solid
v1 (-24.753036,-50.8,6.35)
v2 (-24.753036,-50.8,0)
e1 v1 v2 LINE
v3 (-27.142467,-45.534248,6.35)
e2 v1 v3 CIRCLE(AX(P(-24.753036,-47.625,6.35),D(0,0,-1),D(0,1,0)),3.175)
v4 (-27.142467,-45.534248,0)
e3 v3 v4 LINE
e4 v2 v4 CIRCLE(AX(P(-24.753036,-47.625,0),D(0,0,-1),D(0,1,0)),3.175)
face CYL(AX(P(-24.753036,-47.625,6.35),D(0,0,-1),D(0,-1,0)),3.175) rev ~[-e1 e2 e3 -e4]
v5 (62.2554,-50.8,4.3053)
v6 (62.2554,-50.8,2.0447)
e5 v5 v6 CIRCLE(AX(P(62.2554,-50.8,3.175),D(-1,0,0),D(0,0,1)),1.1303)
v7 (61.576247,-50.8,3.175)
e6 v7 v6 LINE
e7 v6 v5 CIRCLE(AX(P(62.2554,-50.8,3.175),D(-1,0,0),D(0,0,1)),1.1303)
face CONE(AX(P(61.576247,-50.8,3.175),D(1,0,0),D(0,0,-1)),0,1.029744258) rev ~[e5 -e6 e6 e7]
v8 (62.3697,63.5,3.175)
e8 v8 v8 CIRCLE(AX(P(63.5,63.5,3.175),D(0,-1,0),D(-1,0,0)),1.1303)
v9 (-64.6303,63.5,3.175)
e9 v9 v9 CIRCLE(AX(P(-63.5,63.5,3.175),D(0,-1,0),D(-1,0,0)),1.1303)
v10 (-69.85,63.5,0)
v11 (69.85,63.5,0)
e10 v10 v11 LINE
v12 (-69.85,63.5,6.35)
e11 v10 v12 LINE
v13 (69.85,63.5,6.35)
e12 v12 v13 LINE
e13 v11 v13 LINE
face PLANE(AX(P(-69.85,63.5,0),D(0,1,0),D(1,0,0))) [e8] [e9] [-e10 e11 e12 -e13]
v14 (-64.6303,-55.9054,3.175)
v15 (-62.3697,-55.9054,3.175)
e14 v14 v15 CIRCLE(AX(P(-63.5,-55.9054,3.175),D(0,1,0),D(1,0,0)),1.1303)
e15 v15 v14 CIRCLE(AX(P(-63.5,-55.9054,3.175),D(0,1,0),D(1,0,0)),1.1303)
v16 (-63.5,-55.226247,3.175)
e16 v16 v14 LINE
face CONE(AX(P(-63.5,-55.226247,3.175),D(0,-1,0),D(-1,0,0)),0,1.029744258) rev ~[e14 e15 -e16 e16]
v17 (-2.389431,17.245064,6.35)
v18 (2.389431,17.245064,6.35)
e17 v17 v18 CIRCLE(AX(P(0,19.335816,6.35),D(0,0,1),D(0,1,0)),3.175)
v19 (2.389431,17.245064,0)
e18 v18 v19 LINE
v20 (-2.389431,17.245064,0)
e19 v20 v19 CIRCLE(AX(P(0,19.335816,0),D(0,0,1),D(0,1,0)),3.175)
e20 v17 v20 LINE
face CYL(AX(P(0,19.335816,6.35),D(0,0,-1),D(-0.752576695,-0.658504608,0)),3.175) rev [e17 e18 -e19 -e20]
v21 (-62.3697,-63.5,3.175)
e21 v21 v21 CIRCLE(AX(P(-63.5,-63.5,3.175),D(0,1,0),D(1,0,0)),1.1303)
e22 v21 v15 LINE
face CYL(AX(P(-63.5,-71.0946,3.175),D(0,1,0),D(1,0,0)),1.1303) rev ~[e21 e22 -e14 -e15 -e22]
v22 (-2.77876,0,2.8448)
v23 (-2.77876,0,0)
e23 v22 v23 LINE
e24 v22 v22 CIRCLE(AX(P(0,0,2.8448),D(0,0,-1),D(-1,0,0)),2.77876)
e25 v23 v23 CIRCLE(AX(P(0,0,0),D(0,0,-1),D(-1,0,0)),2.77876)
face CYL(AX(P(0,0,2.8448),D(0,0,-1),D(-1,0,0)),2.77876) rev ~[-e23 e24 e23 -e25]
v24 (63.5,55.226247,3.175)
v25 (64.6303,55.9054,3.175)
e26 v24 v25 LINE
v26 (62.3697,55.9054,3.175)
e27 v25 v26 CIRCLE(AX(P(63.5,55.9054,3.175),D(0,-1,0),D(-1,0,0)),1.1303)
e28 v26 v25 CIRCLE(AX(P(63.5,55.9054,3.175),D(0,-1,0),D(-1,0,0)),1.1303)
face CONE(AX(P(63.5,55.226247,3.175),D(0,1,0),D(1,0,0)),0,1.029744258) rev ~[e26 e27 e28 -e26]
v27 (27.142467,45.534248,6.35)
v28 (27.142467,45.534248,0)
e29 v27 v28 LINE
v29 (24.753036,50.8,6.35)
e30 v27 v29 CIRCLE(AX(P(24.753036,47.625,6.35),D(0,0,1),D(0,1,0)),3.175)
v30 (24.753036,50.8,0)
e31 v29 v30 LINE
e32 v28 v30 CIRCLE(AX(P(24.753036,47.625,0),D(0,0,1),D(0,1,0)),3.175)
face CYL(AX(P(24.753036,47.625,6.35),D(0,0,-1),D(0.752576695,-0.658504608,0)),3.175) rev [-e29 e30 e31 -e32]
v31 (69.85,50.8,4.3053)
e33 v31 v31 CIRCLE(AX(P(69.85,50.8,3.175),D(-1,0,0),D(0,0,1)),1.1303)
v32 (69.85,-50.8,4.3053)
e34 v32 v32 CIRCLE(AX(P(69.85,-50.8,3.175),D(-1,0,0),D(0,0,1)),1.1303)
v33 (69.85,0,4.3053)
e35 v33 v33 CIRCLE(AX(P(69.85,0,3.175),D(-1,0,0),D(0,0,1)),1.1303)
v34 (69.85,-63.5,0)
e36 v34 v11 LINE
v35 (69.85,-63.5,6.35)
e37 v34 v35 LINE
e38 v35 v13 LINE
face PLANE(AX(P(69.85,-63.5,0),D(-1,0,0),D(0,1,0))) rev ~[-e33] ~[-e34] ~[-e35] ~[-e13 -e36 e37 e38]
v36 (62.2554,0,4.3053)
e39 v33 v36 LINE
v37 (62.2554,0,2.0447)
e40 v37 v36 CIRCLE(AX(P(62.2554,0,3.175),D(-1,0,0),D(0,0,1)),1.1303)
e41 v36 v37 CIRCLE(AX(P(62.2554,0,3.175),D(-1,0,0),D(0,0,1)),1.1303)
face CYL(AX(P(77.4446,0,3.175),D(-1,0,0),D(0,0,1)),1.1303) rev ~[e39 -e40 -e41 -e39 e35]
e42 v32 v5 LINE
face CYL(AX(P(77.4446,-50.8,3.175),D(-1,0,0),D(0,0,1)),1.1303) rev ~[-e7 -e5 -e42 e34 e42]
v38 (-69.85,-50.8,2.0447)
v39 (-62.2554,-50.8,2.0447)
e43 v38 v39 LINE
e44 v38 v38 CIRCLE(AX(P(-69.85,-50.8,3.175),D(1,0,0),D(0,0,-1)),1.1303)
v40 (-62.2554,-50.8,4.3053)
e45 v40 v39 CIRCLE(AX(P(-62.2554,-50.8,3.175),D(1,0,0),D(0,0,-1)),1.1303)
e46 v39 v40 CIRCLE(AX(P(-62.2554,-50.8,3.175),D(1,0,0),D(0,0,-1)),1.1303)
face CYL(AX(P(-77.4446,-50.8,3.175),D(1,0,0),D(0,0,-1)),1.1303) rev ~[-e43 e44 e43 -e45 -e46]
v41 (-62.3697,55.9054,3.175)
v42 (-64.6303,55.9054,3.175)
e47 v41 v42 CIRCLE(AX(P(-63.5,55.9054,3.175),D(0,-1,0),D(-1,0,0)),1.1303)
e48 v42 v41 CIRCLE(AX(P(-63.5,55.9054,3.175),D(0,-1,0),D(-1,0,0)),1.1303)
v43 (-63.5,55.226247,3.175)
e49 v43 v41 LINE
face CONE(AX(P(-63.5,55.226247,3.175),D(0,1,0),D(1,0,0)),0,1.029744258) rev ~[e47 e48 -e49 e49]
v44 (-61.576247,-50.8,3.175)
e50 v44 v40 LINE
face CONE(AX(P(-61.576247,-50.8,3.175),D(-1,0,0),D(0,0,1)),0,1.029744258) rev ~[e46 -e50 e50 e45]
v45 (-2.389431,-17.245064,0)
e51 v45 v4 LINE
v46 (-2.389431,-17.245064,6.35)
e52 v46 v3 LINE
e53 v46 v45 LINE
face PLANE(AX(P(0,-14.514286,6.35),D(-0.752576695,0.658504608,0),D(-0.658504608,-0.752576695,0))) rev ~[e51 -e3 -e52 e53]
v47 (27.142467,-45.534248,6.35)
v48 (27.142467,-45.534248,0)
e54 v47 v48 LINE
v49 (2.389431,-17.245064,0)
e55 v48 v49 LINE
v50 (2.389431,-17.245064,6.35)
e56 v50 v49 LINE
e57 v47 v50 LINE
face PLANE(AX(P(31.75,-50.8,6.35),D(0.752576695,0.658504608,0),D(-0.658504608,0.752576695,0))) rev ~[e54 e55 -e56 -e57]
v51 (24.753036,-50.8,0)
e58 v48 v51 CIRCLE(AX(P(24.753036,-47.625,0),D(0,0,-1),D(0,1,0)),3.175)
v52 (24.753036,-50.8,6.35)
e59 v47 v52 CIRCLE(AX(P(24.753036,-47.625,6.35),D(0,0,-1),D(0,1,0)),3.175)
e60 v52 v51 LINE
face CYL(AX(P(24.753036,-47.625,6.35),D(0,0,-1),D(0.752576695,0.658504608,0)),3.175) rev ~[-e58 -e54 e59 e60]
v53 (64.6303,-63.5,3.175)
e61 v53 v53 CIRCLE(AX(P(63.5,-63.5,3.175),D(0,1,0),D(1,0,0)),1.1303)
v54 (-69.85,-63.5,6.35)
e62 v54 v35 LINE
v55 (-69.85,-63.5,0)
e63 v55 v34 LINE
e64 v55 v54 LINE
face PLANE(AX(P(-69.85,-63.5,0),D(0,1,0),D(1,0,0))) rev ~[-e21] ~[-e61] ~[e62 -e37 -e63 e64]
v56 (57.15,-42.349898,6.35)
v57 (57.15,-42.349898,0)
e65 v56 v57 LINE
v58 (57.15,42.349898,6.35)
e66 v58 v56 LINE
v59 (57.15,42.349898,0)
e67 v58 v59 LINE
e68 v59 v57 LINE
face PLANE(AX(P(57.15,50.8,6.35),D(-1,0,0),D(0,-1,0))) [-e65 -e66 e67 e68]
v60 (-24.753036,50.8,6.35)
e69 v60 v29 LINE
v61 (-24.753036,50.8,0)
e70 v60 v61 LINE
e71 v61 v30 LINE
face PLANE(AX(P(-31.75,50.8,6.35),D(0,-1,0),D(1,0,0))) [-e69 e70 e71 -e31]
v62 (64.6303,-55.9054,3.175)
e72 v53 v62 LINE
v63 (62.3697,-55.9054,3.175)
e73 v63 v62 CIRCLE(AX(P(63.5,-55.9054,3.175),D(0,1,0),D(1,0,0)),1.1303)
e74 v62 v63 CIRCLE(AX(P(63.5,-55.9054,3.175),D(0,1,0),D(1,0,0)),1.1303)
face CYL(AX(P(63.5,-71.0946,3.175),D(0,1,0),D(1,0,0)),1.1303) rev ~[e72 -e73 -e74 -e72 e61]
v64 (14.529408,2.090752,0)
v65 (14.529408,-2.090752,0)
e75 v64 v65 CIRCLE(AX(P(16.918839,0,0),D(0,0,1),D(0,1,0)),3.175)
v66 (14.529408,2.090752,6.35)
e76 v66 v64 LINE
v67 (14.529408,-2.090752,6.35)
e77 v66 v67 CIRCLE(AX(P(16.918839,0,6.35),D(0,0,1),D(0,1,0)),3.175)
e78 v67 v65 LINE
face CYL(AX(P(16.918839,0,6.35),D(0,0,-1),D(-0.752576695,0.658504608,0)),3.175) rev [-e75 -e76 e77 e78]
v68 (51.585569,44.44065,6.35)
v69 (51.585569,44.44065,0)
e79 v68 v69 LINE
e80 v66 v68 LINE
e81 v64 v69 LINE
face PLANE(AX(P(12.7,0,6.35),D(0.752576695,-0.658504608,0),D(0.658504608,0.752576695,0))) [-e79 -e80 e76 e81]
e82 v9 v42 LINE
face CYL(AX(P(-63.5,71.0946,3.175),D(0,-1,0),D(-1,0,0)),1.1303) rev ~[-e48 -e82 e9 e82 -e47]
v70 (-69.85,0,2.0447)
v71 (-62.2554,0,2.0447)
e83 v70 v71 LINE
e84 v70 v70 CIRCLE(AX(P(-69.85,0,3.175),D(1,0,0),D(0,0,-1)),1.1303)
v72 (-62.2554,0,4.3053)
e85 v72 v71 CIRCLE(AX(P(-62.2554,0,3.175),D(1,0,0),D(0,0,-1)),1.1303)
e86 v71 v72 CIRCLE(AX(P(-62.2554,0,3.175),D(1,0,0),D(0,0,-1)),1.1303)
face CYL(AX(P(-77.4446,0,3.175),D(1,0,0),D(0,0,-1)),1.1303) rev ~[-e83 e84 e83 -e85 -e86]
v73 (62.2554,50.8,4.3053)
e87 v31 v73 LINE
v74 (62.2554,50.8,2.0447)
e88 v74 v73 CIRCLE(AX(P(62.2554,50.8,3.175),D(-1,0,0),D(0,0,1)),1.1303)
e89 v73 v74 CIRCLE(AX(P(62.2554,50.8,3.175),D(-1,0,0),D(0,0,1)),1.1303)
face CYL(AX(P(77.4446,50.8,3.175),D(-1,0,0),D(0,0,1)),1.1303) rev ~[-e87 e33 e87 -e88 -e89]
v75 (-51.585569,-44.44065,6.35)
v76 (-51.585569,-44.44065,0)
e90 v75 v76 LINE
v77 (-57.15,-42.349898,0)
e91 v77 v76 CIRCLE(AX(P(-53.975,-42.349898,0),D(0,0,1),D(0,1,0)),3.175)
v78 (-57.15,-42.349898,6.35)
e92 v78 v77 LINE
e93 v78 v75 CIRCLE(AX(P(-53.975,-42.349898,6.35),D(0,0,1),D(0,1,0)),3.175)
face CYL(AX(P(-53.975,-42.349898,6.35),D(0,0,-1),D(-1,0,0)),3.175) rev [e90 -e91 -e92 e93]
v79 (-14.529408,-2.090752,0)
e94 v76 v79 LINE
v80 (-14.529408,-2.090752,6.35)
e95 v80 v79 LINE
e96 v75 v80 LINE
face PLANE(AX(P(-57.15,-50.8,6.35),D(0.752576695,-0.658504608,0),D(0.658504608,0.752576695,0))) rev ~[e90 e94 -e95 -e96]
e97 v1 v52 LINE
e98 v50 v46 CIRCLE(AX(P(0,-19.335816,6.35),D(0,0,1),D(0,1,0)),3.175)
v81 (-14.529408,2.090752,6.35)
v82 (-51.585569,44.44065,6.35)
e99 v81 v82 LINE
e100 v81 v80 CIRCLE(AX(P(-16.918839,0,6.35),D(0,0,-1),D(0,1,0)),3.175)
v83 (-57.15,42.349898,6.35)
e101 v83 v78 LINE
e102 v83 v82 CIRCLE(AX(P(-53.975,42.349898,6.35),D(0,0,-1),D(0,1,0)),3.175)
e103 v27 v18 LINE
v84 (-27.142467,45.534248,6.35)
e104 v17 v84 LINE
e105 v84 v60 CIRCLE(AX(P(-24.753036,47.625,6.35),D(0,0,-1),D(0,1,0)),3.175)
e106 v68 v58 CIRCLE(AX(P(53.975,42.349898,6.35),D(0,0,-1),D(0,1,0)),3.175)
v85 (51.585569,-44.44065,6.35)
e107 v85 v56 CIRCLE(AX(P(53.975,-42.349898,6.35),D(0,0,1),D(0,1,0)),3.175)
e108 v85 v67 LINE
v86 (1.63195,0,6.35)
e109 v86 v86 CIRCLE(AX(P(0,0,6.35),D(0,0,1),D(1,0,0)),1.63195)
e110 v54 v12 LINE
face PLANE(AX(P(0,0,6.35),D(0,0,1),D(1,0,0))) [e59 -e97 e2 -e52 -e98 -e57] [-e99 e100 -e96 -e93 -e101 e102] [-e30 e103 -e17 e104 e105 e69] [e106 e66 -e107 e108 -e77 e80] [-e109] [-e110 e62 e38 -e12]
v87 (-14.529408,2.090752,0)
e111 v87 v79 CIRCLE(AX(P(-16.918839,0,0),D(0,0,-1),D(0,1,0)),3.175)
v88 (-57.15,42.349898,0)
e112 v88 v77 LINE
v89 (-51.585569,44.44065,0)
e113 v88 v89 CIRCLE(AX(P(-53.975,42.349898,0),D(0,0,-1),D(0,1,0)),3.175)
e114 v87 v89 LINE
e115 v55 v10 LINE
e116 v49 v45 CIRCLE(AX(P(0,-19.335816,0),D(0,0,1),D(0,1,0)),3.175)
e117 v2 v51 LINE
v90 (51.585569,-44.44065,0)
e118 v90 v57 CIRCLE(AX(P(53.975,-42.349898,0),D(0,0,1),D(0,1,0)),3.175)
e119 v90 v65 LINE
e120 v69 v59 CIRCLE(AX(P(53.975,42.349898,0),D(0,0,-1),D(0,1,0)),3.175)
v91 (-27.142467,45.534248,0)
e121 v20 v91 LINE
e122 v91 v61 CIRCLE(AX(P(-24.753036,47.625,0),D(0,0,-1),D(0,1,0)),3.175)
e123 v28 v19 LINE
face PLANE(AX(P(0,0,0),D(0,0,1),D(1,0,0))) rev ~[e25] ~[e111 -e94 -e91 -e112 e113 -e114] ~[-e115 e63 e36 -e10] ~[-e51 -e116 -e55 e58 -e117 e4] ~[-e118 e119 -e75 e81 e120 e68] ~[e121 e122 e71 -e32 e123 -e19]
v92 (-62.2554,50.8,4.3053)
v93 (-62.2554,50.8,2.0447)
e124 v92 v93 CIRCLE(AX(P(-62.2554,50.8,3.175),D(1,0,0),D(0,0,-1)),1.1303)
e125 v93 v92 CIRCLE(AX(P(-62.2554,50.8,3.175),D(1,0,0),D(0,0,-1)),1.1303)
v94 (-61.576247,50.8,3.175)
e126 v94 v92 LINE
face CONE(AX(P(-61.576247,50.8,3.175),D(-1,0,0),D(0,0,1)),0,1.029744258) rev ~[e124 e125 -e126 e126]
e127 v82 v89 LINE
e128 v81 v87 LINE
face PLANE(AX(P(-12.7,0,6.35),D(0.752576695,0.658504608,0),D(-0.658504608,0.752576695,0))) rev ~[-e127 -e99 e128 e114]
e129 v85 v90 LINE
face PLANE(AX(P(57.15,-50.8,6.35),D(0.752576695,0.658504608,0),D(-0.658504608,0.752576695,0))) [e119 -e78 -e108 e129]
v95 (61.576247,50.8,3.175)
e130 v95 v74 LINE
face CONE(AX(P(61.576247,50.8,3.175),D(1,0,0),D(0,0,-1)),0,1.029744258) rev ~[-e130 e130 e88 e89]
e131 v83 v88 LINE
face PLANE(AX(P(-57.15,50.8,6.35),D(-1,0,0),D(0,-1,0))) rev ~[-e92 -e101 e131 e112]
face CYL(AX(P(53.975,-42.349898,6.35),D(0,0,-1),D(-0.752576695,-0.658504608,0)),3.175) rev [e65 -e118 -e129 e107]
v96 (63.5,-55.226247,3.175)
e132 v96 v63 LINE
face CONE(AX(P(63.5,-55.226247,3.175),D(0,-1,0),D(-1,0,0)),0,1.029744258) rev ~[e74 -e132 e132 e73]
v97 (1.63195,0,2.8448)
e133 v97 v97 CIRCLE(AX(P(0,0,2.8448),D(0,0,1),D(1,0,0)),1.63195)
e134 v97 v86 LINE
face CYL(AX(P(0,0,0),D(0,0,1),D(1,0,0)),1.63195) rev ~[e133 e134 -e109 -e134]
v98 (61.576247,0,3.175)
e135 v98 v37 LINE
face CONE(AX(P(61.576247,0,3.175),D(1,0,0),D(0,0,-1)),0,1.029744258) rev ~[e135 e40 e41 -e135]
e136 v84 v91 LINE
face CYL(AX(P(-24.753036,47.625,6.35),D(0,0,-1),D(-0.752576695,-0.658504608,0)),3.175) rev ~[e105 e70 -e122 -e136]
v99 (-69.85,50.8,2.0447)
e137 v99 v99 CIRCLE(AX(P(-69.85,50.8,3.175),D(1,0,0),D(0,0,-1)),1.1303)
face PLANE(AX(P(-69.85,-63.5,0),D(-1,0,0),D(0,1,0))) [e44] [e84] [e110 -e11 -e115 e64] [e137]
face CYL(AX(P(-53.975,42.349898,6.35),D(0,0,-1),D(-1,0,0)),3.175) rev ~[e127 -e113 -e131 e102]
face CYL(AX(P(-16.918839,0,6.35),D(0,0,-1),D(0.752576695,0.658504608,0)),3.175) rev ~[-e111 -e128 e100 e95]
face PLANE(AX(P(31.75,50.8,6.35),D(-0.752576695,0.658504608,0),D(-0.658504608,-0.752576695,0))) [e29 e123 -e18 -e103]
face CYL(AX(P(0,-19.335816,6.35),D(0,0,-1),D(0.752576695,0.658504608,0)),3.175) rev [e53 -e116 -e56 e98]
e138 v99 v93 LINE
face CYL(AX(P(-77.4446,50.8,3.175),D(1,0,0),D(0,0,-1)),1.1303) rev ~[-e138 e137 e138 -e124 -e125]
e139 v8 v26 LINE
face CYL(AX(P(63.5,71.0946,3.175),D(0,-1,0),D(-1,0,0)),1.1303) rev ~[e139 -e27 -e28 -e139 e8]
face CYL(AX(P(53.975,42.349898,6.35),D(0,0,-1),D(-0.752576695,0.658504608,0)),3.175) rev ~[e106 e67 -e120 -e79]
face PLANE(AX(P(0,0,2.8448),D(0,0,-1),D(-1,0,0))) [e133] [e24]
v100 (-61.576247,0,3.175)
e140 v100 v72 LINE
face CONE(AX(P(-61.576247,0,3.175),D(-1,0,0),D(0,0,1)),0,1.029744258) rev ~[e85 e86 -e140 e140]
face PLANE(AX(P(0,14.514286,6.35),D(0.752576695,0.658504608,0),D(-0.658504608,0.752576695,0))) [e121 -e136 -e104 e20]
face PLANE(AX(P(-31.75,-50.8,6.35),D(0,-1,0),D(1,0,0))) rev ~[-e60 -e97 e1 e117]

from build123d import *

# Parameters (mm, degrees)
SKETCH1_W                                      = 139.7
SKETCH1_H                                      = 127
BOSS_EXTRUDE1_DEPTH                            = 6.35
CUT_EXTRUDE1_DEPTH                             = 7.35
F_4_40_TAPPED_HOLE1_D                          = 2.2606
F_4_40_TAPPED_HOLE1_DEPTH                      = 7.5946
F_4_40_TAPPED_HOLE1_TIP                        = 0.679152758
F_4_40_TAPPED_HOLE2_D                          = 2.2606
F_4_40_TAPPED_HOLE2_DEPTH                      = 7.5946
F_4_40_TAPPED_HOLE2_TIP                        = 0.679152758
F_4_40_TAPPED_HOLE3_D                          = 2.2606
F_4_40_TAPPED_HOLE3_DEPTH                      = 7.5946
F_4_40_TAPPED_HOLE3_TIP                        = 0.679152758
CBORE_FOR_4_SOCKET_HEAD_CAP_SCREW1_D           = 3.2639
CBORE_FOR_4_SOCKET_HEAD_CAP_SCREW1_DEPTH       = 7.5946
CBORE_FOR_4_SOCKET_HEAD_CAP_SCREW1_CBORE_D     = 5.55752
CBORE_FOR_4_SOCKET_HEAD_CAP_SCREW1_CBORE_DEPTH = 2.8448
CBORE_FOR_4_SOCKET_HEAD_CAP_SCREW1_TIP         = 0.980574487
F_4_40_TAPPED_HOLE4_D                          = 2.2606
F_4_40_TAPPED_HOLE4_DEPTH                      = 7.5946
F_4_40_TAPPED_HOLE4_TIP                        = 0.679152758
FILLET1_R                                      = 3.175


with BuildPart() as part:
    # Sketch1 → Boss-Extrude1 (new body)
    with BuildSketch(Plane.XY):
        Rectangle(SKETCH1_W, SKETCH1_H)
    extrude(amount=BOSS_EXTRUDE1_DEPTH)

    # Sketch2 → Cut-Extrude1 (cut, through all)
    with BuildSketch(Plane.XY.offset(6.35)):
        Polygon((-57.15, 50.8), (-57.15, -50.8), (-12.7, 0), align=None)
        Polygon((57.15, 50.8), (57.15, -50.8), (12.7, 0), align=None)
        Polygon((-31.75, 50.8), (31.75, 50.8), (0, 14.514285714), align=None)
        Polygon((31.75, -50.8), (0, -14.514285714), (-31.75, -50.8), align=None)
    extrude(amount=-CUT_EXTRUDE1_DEPTH, mode=Mode.SUBTRACT)

    # #4-40 Tapped Hole1
    with Locations(Plane(origin=(0, -63.5, 0), x_dir=(-1, 0, 0), z_dir=(0, -1, 0))):
        with Locations((-63.5, -3.175), (63.5, -3.175)):
            Hole(F_4_40_TAPPED_HOLE1_D / 2, depth=F_4_40_TAPPED_HOLE1_DEPTH)
            with Locations((0, 0, -(F_4_40_TAPPED_HOLE1_DEPTH + F_4_40_TAPPED_HOLE1_TIP / 2))):  # 118° drill point
                Cone(0, F_4_40_TAPPED_HOLE1_D / 2, F_4_40_TAPPED_HOLE1_TIP, mode=Mode.SUBTRACT)

    # #4-40 Tapped Hole2
    with Locations(Plane.ZY.offset(69.85)):
        with Locations((3.175, 0), (3.175, 50.8), (3.175, -50.8)):
            Hole(F_4_40_TAPPED_HOLE2_D / 2, depth=F_4_40_TAPPED_HOLE2_DEPTH)
            with Locations((0, 0, -(F_4_40_TAPPED_HOLE2_DEPTH + F_4_40_TAPPED_HOLE2_TIP / 2))):  # 118° drill point
                Cone(0, F_4_40_TAPPED_HOLE2_D / 2, F_4_40_TAPPED_HOLE2_TIP, mode=Mode.SUBTRACT)

    # #4-40 Tapped Hole3
    with Locations(Plane(origin=(69.85, 0, 0), x_dir=(0, 0, -1), z_dir=(1, 0, 0))):
        with Locations((-3.175, 50.8), (-3.175, 0), (-3.175, -50.8)):
            Hole(F_4_40_TAPPED_HOLE3_D / 2, depth=F_4_40_TAPPED_HOLE3_DEPTH)
            with Locations((0, 0, -(F_4_40_TAPPED_HOLE3_DEPTH + F_4_40_TAPPED_HOLE3_TIP / 2))):  # 118° drill point
                Cone(0, F_4_40_TAPPED_HOLE3_D / 2, F_4_40_TAPPED_HOLE3_TIP, mode=Mode.SUBTRACT)

    # CBORE for #4 Socket Head Cap Screw1
    with Locations(Plane(origin=(0, 0, 0), x_dir=(-1, 0, 0), z_dir=(0, 0, -1))):
        with Locations((0, 0)):
            CounterBoreHole(CBORE_FOR_4_SOCKET_HEAD_CAP_SCREW1_D / 2, CBORE_FOR_4_SOCKET_HEAD_CAP_SCREW1_CBORE_D / 2, CBORE_FOR_4_SOCKET_HEAD_CAP_SCREW1_CBORE_DEPTH, depth=CBORE_FOR_4_SOCKET_HEAD_CAP_SCREW1_DEPTH)
            with Locations((0, 0, -(CBORE_FOR_4_SOCKET_HEAD_CAP_SCREW1_DEPTH + CBORE_FOR_4_SOCKET_HEAD_CAP_SCREW1_TIP / 2))):  # 118° drill point
                Cone(0, CBORE_FOR_4_SOCKET_HEAD_CAP_SCREW1_D / 2, CBORE_FOR_4_SOCKET_HEAD_CAP_SCREW1_TIP, mode=Mode.SUBTRACT)

    # #4-40 Tapped Hole4
    with Locations(Plane(origin=(0, 63.5, 0), x_dir=(1, 0, 0), z_dir=(0, 1, 0))):
        with Locations((-63.5, -3.175), (63.5, -3.175)):
            Hole(F_4_40_TAPPED_HOLE4_D / 2, depth=F_4_40_TAPPED_HOLE4_DEPTH)
            with Locations((0, 0, -(F_4_40_TAPPED_HOLE4_DEPTH + F_4_40_TAPPED_HOLE4_TIP / 2))):  # 118° drill point
                Cone(0, F_4_40_TAPPED_HOLE4_D / 2, F_4_40_TAPPED_HOLE4_TIP, mode=Mode.SUBTRACT)

    # Fillet1
    fillet1_edges = [part.edges().sort_by_distance(p)[0] for p in [
        (0, 14.514285714, 3.175),
        (-31.75, 50.8, 3.175),
        (31.75, 50.8, 3.175),
        (31.75, -50.8, 3.175),
        (-31.75, -50.8, 3.175),
        (0, -14.514285714, 3.175),
        (12.7, 0, 3.175),
        (57.15, 50.8, 3.175),
        (57.15, -50.8, 3.175),
        (-57.15, 50.8, 3.175),
        (-12.7, 0, 3.175),
        (-57.15, -50.8, 3.175),
    ]]
    fillet(fillet1_edges, radius=FILLET1_R)


solid = part.part
